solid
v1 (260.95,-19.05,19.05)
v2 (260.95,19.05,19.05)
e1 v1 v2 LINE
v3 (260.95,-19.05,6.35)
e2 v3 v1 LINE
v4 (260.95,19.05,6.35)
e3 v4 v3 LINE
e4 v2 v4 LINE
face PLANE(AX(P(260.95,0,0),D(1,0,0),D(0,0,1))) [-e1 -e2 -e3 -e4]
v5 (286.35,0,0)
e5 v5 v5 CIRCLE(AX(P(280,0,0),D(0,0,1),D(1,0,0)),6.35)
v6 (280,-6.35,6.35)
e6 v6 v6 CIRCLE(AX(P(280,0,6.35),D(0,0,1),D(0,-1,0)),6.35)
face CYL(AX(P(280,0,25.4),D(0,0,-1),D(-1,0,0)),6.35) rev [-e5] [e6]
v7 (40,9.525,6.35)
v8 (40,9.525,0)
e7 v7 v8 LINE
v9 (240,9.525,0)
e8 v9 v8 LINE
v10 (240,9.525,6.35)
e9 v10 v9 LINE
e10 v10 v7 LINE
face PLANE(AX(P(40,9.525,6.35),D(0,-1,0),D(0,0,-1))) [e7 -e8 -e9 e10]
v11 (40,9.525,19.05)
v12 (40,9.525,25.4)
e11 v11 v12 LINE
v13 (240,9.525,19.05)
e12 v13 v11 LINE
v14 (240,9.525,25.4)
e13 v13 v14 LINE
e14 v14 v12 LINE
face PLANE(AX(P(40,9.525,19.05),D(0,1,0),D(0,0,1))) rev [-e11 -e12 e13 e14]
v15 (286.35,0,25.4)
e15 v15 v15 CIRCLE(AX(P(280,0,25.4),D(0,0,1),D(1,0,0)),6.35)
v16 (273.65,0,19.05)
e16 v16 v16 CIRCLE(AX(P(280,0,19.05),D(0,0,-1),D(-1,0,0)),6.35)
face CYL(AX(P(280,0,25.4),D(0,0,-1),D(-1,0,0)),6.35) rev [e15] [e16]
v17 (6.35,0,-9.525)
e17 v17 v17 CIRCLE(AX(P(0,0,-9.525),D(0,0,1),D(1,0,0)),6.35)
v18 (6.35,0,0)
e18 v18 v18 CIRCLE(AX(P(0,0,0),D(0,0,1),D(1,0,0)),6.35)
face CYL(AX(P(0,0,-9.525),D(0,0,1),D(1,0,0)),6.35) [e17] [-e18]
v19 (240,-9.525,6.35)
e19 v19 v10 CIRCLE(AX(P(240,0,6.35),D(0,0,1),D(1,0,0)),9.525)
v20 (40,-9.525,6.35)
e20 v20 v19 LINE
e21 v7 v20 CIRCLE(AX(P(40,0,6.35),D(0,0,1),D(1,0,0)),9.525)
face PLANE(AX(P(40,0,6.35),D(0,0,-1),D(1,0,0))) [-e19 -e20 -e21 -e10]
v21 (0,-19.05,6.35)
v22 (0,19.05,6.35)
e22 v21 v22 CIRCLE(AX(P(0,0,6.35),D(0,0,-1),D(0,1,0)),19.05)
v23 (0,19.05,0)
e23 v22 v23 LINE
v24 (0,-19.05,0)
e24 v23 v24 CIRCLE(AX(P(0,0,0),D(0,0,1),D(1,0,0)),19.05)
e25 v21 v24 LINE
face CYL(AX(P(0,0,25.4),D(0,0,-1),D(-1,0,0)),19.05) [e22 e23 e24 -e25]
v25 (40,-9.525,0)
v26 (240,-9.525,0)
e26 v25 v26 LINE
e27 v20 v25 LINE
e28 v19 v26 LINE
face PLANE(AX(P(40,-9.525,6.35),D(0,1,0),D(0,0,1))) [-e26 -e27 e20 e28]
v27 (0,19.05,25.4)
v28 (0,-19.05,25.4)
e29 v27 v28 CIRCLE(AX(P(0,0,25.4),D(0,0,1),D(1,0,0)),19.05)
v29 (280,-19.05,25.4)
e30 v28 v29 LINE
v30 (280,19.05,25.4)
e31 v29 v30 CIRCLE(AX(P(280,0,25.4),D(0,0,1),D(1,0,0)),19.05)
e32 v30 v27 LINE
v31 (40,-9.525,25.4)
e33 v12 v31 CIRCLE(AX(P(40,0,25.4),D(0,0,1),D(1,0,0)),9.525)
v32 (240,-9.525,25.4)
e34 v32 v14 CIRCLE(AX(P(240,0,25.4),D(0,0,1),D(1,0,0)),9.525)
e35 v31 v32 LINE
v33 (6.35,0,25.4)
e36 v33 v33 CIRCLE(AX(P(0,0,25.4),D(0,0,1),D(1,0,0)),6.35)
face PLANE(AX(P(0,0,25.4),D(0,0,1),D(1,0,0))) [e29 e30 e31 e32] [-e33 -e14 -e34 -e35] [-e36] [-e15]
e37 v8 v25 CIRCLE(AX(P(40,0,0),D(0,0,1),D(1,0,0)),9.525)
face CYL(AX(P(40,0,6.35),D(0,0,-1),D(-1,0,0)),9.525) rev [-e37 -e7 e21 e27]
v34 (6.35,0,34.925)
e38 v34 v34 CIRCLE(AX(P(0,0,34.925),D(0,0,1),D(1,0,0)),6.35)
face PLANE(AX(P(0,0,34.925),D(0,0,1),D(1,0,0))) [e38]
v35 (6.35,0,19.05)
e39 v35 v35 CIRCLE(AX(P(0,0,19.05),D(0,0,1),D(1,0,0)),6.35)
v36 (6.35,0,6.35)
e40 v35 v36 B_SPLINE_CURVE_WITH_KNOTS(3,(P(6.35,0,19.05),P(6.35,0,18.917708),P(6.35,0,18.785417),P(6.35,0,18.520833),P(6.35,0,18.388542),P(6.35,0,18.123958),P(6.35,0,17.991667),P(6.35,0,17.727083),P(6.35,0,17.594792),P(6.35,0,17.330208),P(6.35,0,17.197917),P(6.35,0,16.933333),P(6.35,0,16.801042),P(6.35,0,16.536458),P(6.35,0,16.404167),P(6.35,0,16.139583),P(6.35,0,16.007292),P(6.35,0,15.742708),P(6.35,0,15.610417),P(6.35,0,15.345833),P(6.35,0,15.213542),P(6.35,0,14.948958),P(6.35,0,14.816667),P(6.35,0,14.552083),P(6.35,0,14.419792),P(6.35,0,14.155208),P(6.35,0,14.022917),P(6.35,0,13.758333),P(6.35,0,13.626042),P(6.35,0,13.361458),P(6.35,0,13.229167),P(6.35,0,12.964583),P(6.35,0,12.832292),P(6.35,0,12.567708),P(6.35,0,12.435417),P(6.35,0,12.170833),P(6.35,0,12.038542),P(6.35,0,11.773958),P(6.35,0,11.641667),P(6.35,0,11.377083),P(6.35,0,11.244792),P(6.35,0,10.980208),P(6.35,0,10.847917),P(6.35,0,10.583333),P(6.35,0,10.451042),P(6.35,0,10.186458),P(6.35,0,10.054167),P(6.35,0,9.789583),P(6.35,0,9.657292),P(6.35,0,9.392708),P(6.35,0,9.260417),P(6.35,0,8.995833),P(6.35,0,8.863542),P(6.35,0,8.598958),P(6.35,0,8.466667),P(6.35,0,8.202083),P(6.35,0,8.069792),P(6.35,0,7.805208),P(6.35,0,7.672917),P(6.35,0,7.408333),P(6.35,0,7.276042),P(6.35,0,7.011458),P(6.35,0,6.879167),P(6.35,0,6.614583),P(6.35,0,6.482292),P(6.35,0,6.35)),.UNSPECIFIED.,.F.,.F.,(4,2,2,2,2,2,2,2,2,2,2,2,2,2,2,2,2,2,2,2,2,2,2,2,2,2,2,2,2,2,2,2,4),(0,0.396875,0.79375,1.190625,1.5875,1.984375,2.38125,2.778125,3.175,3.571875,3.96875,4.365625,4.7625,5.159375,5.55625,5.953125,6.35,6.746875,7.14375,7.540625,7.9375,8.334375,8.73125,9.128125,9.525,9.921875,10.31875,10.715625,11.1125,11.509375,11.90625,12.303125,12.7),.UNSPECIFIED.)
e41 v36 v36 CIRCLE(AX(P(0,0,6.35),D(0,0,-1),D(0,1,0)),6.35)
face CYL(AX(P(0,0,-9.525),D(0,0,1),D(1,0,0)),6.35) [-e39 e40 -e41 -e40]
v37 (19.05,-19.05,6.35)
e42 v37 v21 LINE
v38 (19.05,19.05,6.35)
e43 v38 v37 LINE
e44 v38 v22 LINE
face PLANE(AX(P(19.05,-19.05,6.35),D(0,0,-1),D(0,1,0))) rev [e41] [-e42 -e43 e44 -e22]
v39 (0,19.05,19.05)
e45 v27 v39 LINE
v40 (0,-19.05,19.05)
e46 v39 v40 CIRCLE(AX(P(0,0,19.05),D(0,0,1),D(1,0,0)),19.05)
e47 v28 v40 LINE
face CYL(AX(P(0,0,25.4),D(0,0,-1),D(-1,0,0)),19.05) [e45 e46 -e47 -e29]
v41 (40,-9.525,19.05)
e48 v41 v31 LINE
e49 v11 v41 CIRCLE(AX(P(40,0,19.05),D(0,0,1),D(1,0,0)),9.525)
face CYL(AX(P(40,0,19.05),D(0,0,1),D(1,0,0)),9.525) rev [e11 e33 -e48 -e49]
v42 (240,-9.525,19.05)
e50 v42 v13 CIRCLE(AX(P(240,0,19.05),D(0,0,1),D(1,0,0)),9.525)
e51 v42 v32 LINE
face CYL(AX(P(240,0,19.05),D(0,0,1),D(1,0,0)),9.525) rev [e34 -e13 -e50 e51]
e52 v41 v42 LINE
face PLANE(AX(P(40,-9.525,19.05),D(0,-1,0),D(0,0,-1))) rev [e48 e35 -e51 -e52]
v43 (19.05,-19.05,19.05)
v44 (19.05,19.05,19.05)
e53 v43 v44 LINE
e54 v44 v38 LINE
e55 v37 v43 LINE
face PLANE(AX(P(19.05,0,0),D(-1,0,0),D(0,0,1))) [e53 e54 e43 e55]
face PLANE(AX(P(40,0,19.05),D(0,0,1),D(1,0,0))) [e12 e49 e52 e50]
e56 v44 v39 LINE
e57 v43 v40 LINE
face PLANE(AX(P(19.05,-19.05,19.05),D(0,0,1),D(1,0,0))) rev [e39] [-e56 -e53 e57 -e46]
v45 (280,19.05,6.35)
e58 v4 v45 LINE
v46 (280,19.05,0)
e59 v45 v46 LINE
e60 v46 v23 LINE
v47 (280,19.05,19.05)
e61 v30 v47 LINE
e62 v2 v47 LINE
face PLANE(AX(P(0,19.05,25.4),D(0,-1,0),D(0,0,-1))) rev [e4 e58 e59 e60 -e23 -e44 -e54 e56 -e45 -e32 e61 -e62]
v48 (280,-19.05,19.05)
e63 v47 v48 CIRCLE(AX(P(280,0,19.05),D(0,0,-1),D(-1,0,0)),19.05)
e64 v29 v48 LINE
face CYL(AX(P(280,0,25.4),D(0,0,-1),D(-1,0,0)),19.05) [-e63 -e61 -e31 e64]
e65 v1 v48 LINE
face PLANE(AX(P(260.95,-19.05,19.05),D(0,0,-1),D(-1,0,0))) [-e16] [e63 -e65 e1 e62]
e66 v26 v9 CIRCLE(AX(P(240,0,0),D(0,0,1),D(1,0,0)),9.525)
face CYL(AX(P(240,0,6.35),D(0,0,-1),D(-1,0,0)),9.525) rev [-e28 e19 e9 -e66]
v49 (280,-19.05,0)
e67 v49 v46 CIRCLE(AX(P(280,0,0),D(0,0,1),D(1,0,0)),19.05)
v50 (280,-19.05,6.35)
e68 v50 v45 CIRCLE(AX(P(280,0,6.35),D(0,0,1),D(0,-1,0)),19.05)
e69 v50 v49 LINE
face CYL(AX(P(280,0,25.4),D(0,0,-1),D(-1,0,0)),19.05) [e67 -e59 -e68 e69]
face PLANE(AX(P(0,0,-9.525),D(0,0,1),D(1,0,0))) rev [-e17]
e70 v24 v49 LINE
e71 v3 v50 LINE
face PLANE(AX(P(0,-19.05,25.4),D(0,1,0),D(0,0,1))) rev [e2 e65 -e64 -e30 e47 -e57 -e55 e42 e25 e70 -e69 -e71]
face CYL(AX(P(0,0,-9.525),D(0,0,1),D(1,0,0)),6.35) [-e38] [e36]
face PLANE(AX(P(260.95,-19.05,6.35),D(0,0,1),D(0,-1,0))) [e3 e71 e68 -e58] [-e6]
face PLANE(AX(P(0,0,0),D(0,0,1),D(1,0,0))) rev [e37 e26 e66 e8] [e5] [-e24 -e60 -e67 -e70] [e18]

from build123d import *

# Parameters (mm, degrees)
SKETCH1_R                = 6.35
BOSS_EXTRUDE1_DEPTH      = 25.4
CUT_EXTRUDE1_DEPTH       = 6.35
SKETCH3_W                = 12.7
SKETCH3_H                = 38.1
CUT_EXTRUDE2_DEPTH       = 38.1
BOSS_EXTRUDE3_DEPTH      = 9.525
BOSS_EXTRUDE3_DEPTH_BACK = 34.925
SKETCH5_R                = 6.35


with BuildPart() as part:
    # Sketch1 → Boss-Extrude1 (new body)
    with BuildSketch(Plane.XY):
        with BuildLine():
            Line((0, 19.05), (280, 19.05))
            ThreePointArc((280, 19.05), (299.05, 0), (280, -19.05))
            Line((280, -19.05), (0, -19.05))
            ThreePointArc((0, -19.05), (-19.05, 0), (0, 19.05))
        make_face()
        Circle(SKETCH1_R, mode=Mode.SUBTRACT)
        with Locations((280, 0)):
            Circle(SKETCH1_R, mode=Mode.SUBTRACT)
    extrude(amount=BOSS_EXTRUDE1_DEPTH)

    # Sketch2 → Cut-Extrude1 (cut)
    with BuildSketch(Plane.XY.offset(25.4)):
        with BuildLine():
            Line((40, 9.525), (240, 9.525))
            ThreePointArc((240, 9.525), (249.525, 0), (240, -9.525))
            Line((240, -9.525), (40, -9.525))
            ThreePointArc((40, -9.525), (30.475, 0), (40, 9.525))
        make_face()
    cut_extrude1 = extrude(amount=-CUT_EXTRUDE1_DEPTH, mode=Mode.SUBTRACT)

    # Mirror1: Cut-Extrude1 across plane
    add(cut_extrude1.mirror(Plane.XY.offset(12.7)), mode=Mode.SUBTRACT)

    # Sketch3 → Cut-Extrude2 (cut)
    with BuildSketch(Plane.ZY.offset(19.05)):
        with Locations((12.7, 0)):
            Rectangle(SKETCH3_W, SKETCH3_H)
    cut_extrude2 = extrude(amount=-CUT_EXTRUDE2_DEPTH, mode=Mode.SUBTRACT)

    # Mirror2: Cut-Extrude2 across plane
    add(cut_extrude2.mirror(Plane.ZY.offset(-140)), mode=Mode.SUBTRACT)

    # Sketch5 → Boss-Extrude3 (add, two sides: drawn at the far end of the back side and taken through both)
    with BuildSketch(Plane.XY.offset(25.4).offset(-BOSS_EXTRUDE3_DEPTH_BACK)):
        Circle(SKETCH5_R)
    extrude(amount=BOSS_EXTRUDE3_DEPTH + BOSS_EXTRUDE3_DEPTH_BACK)


solid = part.part
